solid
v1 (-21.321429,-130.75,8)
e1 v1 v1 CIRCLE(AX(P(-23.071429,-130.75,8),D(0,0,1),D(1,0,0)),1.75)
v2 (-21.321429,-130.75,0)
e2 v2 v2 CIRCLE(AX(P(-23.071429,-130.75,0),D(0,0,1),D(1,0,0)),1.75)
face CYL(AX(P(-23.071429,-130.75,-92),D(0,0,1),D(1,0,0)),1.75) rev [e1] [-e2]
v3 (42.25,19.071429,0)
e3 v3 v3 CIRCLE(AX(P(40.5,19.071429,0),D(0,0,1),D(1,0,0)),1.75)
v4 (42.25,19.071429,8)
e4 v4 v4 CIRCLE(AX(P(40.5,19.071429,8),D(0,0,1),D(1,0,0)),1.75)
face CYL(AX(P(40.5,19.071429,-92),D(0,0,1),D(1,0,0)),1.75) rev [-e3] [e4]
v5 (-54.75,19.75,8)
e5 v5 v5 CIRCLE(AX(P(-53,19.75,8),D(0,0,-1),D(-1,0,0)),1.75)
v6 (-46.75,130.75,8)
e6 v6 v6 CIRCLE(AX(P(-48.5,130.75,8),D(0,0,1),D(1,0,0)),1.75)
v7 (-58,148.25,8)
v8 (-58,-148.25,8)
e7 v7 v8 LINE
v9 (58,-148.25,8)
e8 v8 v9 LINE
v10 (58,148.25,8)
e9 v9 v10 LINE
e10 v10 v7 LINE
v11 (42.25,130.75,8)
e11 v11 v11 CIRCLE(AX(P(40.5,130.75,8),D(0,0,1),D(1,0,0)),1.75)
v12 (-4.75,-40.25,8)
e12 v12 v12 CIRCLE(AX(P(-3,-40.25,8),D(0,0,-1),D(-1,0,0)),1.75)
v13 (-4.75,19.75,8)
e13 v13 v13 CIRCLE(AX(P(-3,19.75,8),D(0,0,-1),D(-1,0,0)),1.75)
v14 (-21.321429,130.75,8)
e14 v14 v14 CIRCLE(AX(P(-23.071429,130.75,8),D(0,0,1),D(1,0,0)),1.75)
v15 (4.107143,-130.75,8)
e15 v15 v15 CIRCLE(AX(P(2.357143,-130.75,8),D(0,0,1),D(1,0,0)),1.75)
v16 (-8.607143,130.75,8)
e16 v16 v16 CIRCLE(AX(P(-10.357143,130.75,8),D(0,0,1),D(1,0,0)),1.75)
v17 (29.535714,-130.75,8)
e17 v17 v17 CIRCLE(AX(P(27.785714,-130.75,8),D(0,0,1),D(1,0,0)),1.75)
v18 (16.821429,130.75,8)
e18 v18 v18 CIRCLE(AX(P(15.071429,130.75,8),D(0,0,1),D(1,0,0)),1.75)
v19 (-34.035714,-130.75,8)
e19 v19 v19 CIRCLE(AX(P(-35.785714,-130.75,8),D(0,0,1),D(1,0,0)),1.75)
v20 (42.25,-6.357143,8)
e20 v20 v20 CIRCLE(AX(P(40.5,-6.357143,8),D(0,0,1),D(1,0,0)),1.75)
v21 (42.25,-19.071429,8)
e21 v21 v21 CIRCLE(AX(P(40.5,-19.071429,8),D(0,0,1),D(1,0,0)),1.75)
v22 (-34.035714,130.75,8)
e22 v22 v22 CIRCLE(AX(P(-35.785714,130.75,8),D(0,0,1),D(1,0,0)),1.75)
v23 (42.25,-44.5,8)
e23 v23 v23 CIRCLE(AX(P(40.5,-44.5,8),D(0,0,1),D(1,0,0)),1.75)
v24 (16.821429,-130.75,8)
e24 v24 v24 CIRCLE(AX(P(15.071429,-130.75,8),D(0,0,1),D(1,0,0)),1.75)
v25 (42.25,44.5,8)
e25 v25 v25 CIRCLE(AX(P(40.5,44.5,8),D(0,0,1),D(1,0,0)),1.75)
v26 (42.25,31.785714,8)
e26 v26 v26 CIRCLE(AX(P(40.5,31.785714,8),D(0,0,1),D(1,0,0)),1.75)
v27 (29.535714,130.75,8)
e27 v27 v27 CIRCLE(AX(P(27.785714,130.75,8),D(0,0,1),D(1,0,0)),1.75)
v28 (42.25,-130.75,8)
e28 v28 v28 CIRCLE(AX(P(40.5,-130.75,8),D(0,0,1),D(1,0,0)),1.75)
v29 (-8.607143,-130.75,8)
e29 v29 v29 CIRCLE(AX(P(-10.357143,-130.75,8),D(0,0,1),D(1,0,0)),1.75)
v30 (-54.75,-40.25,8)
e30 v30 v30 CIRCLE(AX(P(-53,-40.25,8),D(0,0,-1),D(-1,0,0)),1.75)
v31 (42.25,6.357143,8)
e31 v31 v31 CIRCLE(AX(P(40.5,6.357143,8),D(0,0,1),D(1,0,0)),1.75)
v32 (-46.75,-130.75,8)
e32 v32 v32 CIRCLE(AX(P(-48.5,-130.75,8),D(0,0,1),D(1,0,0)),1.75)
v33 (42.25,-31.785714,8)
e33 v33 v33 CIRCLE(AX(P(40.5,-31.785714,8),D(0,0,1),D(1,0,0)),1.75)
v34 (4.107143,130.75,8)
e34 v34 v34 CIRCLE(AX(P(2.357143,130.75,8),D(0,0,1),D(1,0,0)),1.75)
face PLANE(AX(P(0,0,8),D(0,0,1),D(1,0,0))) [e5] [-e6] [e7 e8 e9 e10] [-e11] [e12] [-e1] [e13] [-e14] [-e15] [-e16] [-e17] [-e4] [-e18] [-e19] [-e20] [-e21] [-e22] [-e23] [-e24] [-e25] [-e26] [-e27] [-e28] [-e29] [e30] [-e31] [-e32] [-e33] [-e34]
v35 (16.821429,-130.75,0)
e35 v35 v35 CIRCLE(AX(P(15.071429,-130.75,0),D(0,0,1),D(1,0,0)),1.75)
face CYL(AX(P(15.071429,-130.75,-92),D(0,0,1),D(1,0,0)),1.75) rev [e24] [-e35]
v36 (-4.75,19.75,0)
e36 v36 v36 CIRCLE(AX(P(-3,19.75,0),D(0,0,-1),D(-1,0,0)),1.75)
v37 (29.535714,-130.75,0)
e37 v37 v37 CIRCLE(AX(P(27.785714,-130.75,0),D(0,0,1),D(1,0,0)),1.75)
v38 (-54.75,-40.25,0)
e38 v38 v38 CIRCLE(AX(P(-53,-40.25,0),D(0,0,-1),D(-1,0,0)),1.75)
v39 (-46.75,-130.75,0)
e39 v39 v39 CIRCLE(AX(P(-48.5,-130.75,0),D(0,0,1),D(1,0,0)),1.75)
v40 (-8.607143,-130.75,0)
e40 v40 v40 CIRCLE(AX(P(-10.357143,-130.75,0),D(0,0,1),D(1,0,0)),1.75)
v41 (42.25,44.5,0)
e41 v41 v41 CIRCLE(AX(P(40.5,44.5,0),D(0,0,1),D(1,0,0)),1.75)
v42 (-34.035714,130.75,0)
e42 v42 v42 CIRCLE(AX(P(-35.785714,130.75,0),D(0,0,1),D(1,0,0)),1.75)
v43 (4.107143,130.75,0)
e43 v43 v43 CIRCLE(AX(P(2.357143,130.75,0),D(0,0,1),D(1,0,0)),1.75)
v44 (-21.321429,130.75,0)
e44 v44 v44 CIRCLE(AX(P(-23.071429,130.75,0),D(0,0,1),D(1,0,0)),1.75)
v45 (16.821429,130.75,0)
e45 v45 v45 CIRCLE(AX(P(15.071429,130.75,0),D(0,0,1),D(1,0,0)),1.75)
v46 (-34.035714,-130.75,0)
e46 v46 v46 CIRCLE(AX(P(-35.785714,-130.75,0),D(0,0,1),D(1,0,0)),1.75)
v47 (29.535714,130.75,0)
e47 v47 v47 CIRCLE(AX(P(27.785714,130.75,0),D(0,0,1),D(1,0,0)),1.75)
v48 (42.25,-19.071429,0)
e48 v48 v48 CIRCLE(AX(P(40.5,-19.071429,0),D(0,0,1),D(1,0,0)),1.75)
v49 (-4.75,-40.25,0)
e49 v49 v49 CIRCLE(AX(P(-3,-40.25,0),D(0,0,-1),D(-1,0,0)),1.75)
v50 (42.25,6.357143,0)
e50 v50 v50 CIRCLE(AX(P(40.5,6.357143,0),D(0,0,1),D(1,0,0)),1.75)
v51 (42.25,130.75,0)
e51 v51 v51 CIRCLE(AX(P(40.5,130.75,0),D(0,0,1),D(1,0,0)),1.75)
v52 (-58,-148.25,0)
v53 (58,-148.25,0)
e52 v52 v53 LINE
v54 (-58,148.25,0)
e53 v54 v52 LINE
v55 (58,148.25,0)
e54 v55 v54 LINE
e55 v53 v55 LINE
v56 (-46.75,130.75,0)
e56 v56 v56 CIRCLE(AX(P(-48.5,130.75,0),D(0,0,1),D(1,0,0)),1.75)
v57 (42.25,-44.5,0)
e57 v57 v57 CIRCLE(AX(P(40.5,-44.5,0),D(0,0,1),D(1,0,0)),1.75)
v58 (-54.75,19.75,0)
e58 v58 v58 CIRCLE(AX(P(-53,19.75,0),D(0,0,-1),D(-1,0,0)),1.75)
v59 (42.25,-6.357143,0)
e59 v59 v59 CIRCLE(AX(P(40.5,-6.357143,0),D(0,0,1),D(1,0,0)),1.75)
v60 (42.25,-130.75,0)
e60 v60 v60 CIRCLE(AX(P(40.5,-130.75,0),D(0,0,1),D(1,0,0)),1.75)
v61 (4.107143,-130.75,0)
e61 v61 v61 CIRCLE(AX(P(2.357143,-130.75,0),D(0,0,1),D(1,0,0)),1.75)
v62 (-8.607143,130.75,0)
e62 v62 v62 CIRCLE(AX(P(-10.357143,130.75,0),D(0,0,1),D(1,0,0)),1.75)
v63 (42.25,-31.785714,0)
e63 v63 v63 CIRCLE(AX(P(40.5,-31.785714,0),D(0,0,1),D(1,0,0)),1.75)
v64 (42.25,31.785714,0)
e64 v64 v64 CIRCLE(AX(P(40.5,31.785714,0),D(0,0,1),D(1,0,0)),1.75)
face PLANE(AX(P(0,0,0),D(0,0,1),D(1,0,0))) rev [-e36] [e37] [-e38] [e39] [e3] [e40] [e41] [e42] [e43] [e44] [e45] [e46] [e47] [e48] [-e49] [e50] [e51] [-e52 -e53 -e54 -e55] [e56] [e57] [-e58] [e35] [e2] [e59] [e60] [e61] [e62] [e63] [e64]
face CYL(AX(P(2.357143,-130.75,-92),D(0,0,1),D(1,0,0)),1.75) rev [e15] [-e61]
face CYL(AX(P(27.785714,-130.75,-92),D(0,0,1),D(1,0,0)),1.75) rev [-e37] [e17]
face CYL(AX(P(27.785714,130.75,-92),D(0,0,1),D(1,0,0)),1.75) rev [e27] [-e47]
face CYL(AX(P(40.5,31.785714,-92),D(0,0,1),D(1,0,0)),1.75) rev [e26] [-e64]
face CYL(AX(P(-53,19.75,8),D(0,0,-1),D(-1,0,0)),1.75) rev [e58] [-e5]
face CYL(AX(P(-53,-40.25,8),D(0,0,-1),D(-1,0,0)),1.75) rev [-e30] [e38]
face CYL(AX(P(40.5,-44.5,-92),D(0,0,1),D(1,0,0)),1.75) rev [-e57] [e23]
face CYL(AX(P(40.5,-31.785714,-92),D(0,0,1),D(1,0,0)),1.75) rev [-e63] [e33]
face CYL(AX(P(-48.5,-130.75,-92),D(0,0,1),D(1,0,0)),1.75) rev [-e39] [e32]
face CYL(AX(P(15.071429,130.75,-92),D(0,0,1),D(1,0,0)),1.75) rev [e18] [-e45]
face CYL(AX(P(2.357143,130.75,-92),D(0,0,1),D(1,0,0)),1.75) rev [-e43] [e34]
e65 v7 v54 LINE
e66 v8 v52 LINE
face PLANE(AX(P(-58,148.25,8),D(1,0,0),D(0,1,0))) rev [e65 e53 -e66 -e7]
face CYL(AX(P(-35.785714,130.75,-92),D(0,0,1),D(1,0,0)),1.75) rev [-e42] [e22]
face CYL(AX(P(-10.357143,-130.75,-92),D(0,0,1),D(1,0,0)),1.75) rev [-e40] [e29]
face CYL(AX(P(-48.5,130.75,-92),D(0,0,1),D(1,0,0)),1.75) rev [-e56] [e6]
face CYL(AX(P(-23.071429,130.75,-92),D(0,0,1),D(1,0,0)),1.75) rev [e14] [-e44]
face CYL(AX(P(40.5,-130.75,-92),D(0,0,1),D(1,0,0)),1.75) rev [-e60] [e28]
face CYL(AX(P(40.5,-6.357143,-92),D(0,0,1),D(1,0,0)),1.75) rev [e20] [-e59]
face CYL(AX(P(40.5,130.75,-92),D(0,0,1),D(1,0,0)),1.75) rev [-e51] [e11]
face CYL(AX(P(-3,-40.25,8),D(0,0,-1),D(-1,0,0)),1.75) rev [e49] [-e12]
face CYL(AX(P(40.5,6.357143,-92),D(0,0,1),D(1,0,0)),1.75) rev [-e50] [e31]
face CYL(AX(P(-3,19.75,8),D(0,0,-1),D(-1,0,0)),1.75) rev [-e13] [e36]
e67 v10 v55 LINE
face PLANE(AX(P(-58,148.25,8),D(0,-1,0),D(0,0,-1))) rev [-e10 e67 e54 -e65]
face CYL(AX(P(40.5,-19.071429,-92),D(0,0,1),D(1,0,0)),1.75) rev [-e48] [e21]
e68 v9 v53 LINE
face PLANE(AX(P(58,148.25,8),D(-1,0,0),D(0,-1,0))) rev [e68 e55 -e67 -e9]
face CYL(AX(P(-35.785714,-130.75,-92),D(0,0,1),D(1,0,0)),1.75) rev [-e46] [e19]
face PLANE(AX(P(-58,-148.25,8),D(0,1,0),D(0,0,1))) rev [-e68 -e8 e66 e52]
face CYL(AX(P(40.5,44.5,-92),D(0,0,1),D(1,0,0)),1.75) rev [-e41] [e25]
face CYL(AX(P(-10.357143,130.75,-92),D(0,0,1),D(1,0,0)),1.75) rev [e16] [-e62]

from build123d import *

# Parameters (mm, degrees)
ESBO_O1_W                 = 116
ESBO_O1_H                 = 296.5
RESSALTO_EXTRUS_O1_DEPTH  = 8
ESBO_O2_R                 = 1.75
CORTE_EXTRUS_O1_DEPTH     = 8
ESBO_O3_R                 = 1.75
CORTE_EXTRUS_O2_DEPTH     = 100
PADR_O_LINEAR1_COUNT      = 8
PADR_O_LINEAR1_PITCH      = 12.714285714
PADR_O_LINEAR1_COUNT_DIR2 = 2
PADR_O_LINEAR1_PITCH_DIR2 = 261.5
ESBO_O4_R                 = 1.75
CORTE_EXTRUS_O3_DEPTH     = 100
PADR_O_LINEAR2_COUNT      = 8
PADR_O_LINEAR2_PITCH      = 12.714285714
PADR_O_LINEAR2_COUNT_DIR2 = 2
PADR_O_LINEAR2_PITCH_DIR2 = 181.5


with BuildPart() as part:
    # Esboço1 → Ressalto-extrusão1 (new body)
    with BuildSketch(Plane.XY):
        Rectangle(ESBO_O1_W, ESBO_O1_H)
    extrude(amount=RESSALTO_EXTRUS_O1_DEPTH)

    # Esboço2 → Corte-extrusão1 (cut)
    with BuildSketch(Plane(origin=(0, 0, 0), x_dir=(-1, 0, 0), z_dir=(0, 0, -1))):
        with Locations((3, -40.25)):
            Circle(ESBO_O2_R)
        with Locations((3, 19.75)):
            Circle(ESBO_O2_R)
        with Locations((53, 19.75)):
            Circle(ESBO_O2_R)
        with Locations((53, -40.25)):
            Circle(ESBO_O2_R)
    extrude(amount=-CORTE_EXTRUS_O1_DEPTH, mode=Mode.SUBTRACT)

    # Esboço3 → Corte-extrusão2 (cut)
    with BuildSketch(Plane.XY.offset(8)):
        with Locations((-48.5, 130.75)):
            Circle(ESBO_O3_R)
    corte_extrus_o2 = extrude(amount=-CORTE_EXTRUS_O2_DEPTH, mode=Mode.SUBTRACT)

    # Padrão linear1: Corte-extrus_o2 8 × 2
    with Locations(*[(i * PADR_O_LINEAR1_PITCH, -j * PADR_O_LINEAR1_PITCH_DIR2, 0) for i in range(PADR_O_LINEAR1_COUNT) for j in range(PADR_O_LINEAR1_COUNT_DIR2) if (i, j) != (0, 0)]):
        add(corte_extrus_o2, mode=Mode.SUBTRACT)

    # Esboço4 → Corte-extrusão3 (cut)
    with BuildSketch(Plane.XY.offset(8)):
        with Locations((40.5, 44.5)):
            Circle(ESBO_O4_R)
    corte_extrus_o3 = extrude(amount=-CORTE_EXTRUS_O3_DEPTH, mode=Mode.SUBTRACT)

    # Padrão linear2: Corte-extrus_o3 8 × 2
    with Locations(*[(-j * PADR_O_LINEAR2_PITCH_DIR2, -i * PADR_O_LINEAR2_PITCH, 0) for i in range(PADR_O_LINEAR2_COUNT) for j in range(PADR_O_LINEAR2_COUNT_DIR2) if (i, j) != (0, 0)]):
        add(corte_extrus_o3, mode=Mode.SUBTRACT)


solid = part.part
